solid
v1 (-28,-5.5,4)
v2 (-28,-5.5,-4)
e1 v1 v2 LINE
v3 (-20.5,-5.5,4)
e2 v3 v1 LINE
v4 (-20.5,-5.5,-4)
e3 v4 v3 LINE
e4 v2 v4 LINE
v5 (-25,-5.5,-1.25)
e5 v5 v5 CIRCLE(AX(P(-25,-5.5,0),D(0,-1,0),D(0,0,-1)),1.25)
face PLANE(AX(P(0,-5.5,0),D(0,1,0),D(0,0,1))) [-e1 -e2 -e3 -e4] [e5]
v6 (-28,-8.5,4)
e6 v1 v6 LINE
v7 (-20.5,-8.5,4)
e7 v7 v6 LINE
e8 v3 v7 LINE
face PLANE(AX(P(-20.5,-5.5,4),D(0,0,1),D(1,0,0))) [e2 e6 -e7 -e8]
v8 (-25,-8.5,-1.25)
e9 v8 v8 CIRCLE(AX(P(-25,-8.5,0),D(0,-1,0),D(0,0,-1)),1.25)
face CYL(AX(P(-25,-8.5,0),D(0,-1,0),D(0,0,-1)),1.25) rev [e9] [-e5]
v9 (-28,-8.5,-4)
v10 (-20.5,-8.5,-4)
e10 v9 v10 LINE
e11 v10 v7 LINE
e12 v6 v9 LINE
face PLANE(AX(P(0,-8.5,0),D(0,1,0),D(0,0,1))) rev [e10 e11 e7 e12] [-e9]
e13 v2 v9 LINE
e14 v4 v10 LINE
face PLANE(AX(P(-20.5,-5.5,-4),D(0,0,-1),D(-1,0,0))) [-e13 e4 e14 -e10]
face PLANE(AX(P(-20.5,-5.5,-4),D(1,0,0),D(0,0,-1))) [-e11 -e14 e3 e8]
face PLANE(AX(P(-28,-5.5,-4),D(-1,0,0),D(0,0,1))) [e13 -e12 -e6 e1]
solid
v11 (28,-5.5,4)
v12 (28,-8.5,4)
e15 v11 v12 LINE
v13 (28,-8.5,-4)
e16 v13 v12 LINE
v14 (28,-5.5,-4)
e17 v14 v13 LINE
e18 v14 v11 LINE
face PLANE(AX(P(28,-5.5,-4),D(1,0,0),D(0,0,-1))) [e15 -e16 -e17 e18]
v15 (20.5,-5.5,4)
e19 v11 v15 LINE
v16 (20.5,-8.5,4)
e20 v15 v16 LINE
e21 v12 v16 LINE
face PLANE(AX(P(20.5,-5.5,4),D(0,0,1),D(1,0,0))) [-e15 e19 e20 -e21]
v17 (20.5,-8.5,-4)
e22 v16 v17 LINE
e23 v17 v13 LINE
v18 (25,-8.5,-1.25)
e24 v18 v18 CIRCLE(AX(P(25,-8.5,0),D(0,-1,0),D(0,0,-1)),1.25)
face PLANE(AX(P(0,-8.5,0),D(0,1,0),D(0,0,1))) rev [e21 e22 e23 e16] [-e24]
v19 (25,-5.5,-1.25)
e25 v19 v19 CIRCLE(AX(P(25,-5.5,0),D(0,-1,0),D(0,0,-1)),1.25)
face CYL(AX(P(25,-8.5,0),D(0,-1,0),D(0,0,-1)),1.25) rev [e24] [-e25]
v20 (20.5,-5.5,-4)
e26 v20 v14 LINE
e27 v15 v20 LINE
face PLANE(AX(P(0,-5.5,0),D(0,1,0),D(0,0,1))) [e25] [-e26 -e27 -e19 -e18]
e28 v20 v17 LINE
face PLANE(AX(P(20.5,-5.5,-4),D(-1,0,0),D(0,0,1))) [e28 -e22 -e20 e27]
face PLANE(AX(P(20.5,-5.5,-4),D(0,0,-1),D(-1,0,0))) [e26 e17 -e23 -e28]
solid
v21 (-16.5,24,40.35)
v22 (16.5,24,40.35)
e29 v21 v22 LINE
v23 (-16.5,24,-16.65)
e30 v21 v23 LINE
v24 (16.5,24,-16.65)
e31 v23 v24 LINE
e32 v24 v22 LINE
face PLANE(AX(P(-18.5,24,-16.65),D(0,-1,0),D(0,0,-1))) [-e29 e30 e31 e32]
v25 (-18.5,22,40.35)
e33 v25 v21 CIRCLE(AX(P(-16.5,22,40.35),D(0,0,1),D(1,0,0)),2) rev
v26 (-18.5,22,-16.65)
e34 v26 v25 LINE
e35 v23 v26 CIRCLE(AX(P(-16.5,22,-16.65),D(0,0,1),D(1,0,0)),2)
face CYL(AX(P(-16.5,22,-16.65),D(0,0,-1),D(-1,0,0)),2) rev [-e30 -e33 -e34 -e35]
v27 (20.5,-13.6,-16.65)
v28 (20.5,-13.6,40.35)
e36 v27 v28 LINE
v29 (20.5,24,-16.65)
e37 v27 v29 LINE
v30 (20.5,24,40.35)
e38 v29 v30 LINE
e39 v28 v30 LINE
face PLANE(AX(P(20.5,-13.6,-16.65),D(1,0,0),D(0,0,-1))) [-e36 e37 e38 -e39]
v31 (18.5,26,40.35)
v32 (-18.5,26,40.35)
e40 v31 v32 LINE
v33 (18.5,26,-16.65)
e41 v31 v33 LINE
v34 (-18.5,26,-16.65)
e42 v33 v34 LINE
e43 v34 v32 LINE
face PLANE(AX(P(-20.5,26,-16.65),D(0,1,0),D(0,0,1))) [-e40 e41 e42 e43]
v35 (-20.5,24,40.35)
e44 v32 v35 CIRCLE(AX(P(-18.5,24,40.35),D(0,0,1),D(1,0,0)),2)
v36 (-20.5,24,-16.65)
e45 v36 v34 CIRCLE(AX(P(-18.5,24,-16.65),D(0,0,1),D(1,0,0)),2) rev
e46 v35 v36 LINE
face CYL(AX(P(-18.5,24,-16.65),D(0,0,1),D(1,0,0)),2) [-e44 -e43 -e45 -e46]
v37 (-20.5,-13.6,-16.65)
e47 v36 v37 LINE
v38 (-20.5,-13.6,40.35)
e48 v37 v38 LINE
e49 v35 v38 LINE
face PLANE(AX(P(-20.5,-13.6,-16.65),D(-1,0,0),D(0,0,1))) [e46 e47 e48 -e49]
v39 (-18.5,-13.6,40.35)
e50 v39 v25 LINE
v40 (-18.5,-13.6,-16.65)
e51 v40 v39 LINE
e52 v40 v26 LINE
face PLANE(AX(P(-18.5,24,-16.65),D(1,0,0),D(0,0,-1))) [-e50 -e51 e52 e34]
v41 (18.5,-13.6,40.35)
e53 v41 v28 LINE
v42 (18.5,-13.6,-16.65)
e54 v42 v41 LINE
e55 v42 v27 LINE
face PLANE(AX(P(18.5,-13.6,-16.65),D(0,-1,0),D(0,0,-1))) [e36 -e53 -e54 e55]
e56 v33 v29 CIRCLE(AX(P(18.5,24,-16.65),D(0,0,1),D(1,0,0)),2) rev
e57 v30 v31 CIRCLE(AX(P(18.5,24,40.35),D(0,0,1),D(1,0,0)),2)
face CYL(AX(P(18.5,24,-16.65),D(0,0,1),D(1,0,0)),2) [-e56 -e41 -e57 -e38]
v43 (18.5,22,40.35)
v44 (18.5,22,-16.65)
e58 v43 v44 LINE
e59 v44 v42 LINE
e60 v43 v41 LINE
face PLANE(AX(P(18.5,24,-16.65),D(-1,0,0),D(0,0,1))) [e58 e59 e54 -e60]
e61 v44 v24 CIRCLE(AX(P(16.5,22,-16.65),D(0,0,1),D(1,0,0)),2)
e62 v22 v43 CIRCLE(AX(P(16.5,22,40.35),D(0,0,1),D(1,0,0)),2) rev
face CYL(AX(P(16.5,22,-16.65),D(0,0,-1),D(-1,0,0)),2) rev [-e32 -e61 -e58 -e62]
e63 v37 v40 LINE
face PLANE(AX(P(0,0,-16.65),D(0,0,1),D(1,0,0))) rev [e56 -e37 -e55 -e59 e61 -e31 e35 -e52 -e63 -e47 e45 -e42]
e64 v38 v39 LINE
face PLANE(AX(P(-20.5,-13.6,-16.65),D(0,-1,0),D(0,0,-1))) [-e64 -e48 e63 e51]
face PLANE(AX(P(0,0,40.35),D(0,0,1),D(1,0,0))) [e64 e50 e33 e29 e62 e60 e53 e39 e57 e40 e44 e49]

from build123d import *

# Parameters (mm, degrees)
BOSS_EXTRUDE1_DEPTH            = 40.35
BOSS_EXTRUDE1_DEPTH_BACK       = 16.65
SKETCH2_W                      = 7.5
SKETCH2_H                      = 8
SKETCH2_R                      = 0.5
BOSS_EXTRUDE2_DEPTH            = 3
BOSS_EXTRUDE2_2_DEPTH          = 3
FILLET1_R                      = 2
M3X0_5_TAPPED_HOLE1_AT_2_COUNT = 2
M3X0_5_TAPPED_HOLE1_AT_2_PITCH = 50


with BuildPart() as part:
    # Sketch1 → Boss-Extrude1 (new, two sides: drawn at the far end of the back side and taken through both)
    with BuildSketch(Plane.XY.offset(-BOSS_EXTRUDE1_DEPTH_BACK)):
        Polygon((-20.5, -13.6), (-20.5, 26), (20.5, 26), (20.5, -13.6), (18.5, -13.6), (18.5, 24), (-18.5, 24), (-18.5, -13.6), align=None)
    extrude(amount=BOSS_EXTRUDE1_DEPTH + BOSS_EXTRUDE1_DEPTH_BACK)

    # Fillet1
    fillet1_edges = [part.edges().sort_by_distance(p)[0] for p in [
        (18.5, 24, 11.85),
        (-18.5, 24, 11.85),
        (-20.5, 26, 11.85),
        (20.5, 26, 11.85),
    ]]
    fillet(fillet1_edges, radius=FILLET1_R)


with BuildPart() as body_2:
    # Sketch2 → Boss-Extrude2 (new body)
    with BuildSketch(Plane(origin=(0, -8.5, 0), x_dir=(-1, 0, 0), z_dir=(0, -1, 0))):
        with Locations((-24.25, 0)):
            Rectangle(SKETCH2_W, SKETCH2_H)
        with Locations(Location((-25, 0, 0), (0, 0, 90))):
            Circle(SKETCH2_R, mode=Mode.SUBTRACT)
    extrude(amount=-BOSS_EXTRUDE2_DEPTH)


with BuildPart() as body_3:
    # Sketch2 → Boss-Extrude2 2 (new body)
    with BuildSketch(Plane(origin=(0, -8.5, 0), x_dir=(-1, 0, 0), z_dir=(0, -1, 0))):
        with Locations((24.25, 0)):
            Rectangle(SKETCH2_W, SKETCH2_H)
        with Locations(Location((25, 0, 0), (0, 0, 270))):
            Circle(SKETCH2_R, mode=Mode.SUBTRACT)
    extrude(amount=-BOSS_EXTRUDE2_2_DEPTH)

    # Sketch5 → M3x0.5 Tapped Hole1 (revolve, cut)
    with BuildSketch(Plane(origin=(-25, -8.5, 0), x_dir=(0, 0, -1), z_dir=(1, 0, 0))):
        Polygon((0, 0), (0, 3.751075774), (1.25, 3), (1.25, 0), align=None)
    m3x0_5_tapped_hole1 = revolve(axis=Axis((-25, -14.85, 0), (0, 1, 0)), mode=Mode.SUBTRACT)


with BuildPart() as body_2_1:
    add(body_2.part)

    # M3x0.5 Tapped Hole1 at 2: M3x0.5 Tapped Hole1 ×2
    with Locations(*[(i * M3X0_5_TAPPED_HOLE1_AT_2_PITCH, 0, 0) for i in range(1, M3X0_5_TAPPED_HOLE1_AT_2_COUNT)]):
        add(m3x0_5_tapped_hole1, mode=Mode.SUBTRACT)


solid = Compound([part.part, body_3.part, body_2_1.part])
